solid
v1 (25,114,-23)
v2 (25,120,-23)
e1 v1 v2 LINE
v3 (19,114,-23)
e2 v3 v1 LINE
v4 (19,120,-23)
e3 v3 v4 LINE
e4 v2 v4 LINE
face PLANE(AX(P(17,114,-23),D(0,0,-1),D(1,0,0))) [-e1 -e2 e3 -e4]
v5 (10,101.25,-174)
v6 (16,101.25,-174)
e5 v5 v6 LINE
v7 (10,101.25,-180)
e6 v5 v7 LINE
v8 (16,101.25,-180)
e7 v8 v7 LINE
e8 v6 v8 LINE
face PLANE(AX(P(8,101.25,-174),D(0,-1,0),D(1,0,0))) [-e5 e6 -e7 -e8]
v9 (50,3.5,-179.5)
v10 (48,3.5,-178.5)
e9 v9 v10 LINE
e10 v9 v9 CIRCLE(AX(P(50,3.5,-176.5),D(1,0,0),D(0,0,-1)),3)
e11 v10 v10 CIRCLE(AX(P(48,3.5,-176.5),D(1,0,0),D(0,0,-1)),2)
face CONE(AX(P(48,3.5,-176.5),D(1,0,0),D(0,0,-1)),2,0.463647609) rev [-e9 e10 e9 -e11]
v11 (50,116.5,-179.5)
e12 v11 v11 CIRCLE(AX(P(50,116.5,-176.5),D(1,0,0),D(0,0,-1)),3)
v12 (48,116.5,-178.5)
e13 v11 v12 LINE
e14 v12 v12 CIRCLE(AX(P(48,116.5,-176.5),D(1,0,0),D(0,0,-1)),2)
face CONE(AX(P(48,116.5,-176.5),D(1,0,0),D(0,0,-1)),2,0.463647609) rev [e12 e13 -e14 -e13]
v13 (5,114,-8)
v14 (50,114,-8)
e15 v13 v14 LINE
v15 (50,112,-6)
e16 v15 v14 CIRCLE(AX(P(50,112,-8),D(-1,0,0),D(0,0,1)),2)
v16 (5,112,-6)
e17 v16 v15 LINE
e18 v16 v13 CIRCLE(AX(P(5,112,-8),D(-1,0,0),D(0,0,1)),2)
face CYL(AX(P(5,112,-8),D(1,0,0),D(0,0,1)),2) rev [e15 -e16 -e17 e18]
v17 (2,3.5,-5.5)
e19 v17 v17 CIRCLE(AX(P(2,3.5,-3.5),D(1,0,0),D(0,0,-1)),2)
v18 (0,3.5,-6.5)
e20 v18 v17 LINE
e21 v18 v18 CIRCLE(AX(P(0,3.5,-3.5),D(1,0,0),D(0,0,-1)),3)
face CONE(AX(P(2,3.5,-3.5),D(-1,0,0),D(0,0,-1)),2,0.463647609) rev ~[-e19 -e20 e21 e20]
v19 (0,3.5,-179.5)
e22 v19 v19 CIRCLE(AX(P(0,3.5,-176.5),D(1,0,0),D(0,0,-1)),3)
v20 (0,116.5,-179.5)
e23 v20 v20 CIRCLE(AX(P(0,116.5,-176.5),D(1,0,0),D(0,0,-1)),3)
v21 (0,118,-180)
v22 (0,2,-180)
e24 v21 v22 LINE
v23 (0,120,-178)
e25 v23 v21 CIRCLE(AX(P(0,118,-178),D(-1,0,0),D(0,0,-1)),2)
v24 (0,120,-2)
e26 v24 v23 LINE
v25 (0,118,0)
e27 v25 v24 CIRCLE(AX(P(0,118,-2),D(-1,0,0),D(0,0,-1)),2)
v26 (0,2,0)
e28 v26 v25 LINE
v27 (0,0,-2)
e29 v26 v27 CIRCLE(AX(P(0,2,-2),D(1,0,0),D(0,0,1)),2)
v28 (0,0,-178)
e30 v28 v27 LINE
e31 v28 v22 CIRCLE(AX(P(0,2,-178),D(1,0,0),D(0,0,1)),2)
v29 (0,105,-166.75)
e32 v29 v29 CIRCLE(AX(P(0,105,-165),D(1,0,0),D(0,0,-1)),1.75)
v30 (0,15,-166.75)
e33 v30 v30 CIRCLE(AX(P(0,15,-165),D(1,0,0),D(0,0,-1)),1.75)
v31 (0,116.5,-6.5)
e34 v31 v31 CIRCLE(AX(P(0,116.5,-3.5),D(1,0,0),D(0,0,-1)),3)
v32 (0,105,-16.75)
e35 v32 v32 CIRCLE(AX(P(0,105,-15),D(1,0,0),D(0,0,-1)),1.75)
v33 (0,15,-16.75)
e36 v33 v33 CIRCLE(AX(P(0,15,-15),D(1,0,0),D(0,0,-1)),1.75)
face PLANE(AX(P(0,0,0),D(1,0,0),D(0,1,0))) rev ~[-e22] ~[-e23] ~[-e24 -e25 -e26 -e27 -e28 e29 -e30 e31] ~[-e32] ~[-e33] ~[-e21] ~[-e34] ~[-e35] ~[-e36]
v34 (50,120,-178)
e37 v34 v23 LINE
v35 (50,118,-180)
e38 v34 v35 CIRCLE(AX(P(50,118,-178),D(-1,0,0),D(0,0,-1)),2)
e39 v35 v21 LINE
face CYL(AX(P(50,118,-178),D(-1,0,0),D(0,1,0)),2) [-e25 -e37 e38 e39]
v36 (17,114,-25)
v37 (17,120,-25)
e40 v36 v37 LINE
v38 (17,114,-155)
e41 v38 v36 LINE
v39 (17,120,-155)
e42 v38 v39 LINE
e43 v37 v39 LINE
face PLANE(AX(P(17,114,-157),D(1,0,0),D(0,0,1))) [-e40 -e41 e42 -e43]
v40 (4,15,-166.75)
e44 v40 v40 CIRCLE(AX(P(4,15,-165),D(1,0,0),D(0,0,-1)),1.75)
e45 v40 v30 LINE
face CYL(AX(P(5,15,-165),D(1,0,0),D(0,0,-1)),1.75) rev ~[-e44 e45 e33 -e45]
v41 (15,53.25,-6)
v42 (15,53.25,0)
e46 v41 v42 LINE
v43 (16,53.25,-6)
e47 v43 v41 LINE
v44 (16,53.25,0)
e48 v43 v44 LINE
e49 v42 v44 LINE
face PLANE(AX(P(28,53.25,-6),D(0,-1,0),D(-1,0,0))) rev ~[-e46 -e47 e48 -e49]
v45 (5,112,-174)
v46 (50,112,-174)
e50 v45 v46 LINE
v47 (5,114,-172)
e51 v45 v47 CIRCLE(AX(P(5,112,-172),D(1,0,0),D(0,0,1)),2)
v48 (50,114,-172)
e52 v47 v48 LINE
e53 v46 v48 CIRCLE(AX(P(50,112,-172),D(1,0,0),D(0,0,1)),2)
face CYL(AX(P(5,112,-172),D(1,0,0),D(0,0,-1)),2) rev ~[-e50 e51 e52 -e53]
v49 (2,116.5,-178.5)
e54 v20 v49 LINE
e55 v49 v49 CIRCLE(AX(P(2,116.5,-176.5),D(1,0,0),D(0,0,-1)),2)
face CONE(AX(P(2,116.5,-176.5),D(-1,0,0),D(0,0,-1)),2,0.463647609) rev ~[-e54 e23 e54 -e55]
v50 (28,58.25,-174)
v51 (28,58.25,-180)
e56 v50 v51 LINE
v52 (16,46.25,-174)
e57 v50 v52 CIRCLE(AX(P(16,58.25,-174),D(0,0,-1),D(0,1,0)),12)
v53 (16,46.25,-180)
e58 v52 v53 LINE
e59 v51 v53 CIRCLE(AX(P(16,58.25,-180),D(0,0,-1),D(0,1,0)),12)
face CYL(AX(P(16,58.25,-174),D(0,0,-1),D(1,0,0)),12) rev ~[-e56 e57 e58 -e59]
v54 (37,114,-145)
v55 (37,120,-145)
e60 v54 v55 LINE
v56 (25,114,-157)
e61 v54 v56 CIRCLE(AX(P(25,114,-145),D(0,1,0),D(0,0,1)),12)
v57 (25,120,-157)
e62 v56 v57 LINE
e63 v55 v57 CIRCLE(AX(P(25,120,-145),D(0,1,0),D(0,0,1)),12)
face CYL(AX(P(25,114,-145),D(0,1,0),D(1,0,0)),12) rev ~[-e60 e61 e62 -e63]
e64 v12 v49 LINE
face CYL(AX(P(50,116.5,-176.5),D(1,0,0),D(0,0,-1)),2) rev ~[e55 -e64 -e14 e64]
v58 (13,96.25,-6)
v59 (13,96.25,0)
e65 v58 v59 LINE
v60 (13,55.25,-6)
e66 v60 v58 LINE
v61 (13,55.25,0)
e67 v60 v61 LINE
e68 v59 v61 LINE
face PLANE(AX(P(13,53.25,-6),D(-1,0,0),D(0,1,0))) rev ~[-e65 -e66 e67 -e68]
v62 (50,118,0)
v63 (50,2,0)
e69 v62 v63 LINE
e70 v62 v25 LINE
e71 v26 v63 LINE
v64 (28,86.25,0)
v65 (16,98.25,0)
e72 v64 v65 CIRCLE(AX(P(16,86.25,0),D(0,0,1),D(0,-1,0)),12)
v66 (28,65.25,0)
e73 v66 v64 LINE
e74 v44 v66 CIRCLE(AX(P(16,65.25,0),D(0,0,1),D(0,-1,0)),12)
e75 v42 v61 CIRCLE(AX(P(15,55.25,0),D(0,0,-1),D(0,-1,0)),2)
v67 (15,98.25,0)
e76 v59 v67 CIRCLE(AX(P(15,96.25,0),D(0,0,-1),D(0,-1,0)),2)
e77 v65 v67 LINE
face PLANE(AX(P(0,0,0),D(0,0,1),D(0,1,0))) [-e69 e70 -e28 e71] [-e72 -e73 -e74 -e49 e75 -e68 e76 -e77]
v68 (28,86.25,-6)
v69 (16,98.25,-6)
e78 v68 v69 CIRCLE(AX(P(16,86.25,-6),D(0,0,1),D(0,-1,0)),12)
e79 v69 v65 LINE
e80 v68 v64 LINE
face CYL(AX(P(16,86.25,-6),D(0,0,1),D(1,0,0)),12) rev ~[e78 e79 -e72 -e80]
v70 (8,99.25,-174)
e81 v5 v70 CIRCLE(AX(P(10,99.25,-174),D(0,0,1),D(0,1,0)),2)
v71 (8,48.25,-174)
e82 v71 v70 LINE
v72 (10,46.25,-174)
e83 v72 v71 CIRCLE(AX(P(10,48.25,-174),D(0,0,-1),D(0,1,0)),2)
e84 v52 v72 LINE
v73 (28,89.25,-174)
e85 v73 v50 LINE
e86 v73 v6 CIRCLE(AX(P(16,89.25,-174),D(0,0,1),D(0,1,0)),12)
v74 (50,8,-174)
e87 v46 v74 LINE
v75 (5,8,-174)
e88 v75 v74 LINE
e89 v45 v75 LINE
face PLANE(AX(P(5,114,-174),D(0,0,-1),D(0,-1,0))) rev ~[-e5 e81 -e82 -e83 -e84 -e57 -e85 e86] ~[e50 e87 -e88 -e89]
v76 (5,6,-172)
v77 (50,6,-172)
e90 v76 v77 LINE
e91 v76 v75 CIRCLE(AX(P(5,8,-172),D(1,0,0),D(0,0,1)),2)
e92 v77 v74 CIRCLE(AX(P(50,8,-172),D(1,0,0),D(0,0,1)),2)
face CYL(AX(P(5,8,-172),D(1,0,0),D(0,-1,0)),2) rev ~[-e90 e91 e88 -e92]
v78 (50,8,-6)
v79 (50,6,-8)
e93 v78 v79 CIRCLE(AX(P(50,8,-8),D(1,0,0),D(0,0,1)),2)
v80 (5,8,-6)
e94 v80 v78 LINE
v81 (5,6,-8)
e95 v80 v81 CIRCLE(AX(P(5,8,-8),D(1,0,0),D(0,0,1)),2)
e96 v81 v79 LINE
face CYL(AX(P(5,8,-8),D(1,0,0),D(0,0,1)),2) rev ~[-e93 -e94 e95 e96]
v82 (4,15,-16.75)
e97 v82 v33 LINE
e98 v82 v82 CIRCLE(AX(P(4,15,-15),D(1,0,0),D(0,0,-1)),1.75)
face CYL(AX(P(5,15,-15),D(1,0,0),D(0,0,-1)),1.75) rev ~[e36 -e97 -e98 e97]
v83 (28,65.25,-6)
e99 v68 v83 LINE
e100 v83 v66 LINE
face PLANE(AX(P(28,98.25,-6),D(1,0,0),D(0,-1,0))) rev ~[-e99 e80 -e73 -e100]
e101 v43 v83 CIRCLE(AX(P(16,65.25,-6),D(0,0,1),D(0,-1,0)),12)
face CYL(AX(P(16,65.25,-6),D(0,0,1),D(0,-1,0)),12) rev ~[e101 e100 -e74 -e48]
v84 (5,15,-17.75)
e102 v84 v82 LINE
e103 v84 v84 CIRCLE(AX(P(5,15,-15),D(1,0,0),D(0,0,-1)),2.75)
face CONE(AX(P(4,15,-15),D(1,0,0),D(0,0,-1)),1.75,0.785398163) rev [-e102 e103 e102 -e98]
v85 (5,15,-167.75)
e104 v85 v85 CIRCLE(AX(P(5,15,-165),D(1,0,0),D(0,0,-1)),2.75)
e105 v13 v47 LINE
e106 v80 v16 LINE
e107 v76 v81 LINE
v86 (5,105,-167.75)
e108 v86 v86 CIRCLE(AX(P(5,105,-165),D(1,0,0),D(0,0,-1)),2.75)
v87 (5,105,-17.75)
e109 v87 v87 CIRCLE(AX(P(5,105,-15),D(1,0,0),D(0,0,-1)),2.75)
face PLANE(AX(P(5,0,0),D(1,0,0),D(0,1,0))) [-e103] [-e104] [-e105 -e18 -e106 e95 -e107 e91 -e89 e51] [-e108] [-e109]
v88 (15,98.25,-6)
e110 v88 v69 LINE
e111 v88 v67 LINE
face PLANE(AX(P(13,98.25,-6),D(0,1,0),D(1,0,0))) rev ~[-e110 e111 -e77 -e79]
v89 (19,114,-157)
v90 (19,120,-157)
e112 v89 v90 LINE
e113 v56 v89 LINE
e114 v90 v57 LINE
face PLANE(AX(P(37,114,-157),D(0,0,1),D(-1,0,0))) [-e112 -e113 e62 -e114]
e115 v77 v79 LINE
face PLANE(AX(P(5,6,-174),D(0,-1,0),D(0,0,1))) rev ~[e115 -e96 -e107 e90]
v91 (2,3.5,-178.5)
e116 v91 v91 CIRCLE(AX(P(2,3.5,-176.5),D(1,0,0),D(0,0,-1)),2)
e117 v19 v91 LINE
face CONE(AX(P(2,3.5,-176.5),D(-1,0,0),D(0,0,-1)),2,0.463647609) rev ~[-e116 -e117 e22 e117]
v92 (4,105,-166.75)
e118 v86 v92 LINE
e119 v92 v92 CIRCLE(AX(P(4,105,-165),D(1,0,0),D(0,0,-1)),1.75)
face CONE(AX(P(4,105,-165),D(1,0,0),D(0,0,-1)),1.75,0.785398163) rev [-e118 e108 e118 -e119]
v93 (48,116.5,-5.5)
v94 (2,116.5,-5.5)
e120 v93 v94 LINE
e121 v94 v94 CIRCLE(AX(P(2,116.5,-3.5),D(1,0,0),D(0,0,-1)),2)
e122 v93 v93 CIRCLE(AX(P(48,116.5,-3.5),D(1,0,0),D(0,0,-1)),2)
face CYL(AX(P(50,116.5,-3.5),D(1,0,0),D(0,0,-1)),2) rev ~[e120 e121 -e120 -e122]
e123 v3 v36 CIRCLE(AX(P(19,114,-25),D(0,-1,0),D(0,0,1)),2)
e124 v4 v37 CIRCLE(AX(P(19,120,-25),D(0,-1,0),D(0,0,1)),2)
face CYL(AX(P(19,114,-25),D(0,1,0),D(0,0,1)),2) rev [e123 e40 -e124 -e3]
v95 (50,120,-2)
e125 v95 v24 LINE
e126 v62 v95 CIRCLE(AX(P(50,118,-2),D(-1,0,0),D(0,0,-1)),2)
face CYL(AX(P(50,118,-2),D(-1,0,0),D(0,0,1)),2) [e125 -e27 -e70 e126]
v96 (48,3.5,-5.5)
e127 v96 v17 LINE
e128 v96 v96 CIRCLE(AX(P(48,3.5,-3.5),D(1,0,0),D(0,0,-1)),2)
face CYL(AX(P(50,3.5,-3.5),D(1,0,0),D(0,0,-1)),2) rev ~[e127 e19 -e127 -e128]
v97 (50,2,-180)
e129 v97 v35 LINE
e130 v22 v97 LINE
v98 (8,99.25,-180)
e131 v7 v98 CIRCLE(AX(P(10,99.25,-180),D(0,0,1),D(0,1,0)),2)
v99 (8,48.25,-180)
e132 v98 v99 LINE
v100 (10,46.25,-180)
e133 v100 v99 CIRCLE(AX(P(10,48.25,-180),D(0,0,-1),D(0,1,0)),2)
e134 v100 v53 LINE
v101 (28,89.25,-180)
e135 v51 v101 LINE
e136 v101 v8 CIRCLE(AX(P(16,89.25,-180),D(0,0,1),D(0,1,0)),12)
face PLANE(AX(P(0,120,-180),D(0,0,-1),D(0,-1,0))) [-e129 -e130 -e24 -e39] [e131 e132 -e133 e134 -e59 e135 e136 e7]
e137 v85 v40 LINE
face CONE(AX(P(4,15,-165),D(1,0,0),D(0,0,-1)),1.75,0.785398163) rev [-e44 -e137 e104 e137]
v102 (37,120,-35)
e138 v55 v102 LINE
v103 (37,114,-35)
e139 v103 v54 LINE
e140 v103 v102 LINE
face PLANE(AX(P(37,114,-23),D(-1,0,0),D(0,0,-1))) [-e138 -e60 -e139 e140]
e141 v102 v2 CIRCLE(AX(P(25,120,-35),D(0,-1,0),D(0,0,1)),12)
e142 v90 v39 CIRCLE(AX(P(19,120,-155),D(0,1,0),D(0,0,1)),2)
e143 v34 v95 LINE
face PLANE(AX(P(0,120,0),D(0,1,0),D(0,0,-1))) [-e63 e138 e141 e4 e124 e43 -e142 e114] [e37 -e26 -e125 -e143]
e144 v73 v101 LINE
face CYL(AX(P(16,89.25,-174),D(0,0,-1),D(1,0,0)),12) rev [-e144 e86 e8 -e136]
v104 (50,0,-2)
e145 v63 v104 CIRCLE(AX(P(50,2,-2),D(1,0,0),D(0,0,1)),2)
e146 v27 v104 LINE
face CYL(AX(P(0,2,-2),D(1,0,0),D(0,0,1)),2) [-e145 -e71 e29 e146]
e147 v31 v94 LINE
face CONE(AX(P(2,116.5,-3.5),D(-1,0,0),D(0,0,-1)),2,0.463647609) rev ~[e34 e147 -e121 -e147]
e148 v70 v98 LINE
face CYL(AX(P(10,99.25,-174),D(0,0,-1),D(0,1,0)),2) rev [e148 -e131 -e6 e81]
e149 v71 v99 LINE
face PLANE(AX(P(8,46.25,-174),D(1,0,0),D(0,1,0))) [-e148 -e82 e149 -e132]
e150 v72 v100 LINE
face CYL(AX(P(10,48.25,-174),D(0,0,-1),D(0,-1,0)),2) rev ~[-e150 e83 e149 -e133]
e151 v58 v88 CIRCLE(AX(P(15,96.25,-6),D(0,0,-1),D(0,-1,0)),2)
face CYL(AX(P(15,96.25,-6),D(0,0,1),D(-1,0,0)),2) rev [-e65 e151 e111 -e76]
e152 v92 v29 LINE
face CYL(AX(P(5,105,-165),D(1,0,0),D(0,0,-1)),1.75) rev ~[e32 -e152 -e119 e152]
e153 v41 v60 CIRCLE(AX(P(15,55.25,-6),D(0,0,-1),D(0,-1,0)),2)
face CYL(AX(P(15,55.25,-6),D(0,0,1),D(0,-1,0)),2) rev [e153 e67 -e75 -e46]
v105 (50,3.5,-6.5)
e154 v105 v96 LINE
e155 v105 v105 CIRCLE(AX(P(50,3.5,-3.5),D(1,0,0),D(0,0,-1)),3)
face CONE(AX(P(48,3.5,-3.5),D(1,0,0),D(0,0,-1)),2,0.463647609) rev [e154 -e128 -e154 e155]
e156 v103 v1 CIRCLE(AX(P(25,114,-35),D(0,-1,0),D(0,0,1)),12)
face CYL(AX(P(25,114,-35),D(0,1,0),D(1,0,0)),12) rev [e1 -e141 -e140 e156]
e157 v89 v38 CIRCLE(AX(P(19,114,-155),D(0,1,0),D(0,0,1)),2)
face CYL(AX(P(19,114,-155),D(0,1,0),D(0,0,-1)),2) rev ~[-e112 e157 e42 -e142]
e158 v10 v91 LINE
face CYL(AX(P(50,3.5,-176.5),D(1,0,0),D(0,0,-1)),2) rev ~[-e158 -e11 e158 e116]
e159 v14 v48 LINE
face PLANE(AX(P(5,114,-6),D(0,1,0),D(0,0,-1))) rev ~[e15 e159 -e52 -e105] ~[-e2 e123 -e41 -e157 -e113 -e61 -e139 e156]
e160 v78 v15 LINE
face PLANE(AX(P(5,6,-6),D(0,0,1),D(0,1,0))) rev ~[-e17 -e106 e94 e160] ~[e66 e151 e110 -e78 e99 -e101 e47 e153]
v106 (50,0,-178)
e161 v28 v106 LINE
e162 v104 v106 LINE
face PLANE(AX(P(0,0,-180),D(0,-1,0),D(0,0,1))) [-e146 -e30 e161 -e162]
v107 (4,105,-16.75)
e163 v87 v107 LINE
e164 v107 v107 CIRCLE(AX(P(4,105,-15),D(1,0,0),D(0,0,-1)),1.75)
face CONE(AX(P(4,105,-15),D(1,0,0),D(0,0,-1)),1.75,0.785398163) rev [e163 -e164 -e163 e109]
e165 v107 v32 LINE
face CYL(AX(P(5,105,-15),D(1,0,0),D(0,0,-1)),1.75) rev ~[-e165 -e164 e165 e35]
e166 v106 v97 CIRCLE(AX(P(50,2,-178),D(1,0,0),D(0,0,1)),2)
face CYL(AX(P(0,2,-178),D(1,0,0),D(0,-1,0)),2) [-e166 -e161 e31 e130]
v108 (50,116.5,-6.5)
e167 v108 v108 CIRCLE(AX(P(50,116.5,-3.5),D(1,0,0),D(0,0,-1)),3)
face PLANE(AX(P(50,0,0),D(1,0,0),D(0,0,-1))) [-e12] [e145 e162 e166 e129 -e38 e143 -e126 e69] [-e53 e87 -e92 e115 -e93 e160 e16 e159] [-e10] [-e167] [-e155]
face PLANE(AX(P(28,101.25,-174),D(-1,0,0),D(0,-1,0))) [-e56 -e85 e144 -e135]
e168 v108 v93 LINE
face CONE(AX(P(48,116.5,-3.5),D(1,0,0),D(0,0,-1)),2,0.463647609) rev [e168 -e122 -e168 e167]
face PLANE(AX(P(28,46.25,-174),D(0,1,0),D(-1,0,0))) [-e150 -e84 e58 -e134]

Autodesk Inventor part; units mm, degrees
ref_plane "YZ Plane" through (0, 0, 0) normal (1, 0, 0) x (0, 1, 0)
ref_plane "XZ Plane" through (0, 0, 0) normal (0, 1, 0) x (-1, 0, 0)
ref_plane "XY Plane" through (0, 0, 0) normal (0, 0, 1) x (1, 0, 0)
sketch "Sketch1" plane through (0, 0, 0) normal (1, 0, 0) x (0, 1, 0)
  line L0 (0, 0) -> (120, 0)
  line L1 (120, 0) -> (120, -180)
  line L2 (120, -180) -> (0, -180)
  line L3 (0, -180) -> (0, 0)
  dimension "d0" = 120
  dimension "d1" = 180
extrude "Extrusion1" add sketch "Sketch1" along normal blind 5
sketch "Sketch2" plane through (5, 0, 0) normal (1, 0, 0) x (0, 0, -1)
  line L0 (180, 0) -> (180, 120) projected
  line L1 (180, 120) -> (0, 120) projected
  line L2 (0, 120) -> (0, 0) projected
  line L3 (0, 0) -> (180, 0) projected
  line L4 (6, 114) -> (174, 114)
  line L5 (174, 114) -> (174, 6)
  line L6 (174, 6) -> (6, 6)
  line L7 (6, 6) -> (6, 114)
  dimension "d4" = 6
extrude "Extrusion2" add sketch "Sketch2" along normal blind 45
fillet "Fillet1" radius 2 8 edges at (27.5, 114, -174) (27.5, 114, -6) (27.5, 6, -6) (27.5, 6, -174) (25, 120, -180) (25, 120, 0) (25, 0, 0) (25, 0, -180)
sketch "Sketch3" plane through (5, 0, 0) normal (1, 0, 0) x (0, 0, -1)
  circle A0 centre (15, 105) radius 1.75
  arc A1 (172, 6) -> (174, 8) centre (172, 8) ccw projected
  line L0 (174, 8) -> (174, 112) projected
  arc A2 (174, 112) -> (172, 114) centre (172, 112) ccw projected
  line L1 (172, 114) -> (8, 114) projected
  arc A3 (8, 114) -> (6, 112) centre (8, 112) ccw projected
  line L2 (6, 112) -> (6, 8) projected
  arc A4 (6, 8) -> (8, 6) centre (8, 8) ccw projected
  line L3 (8, 6) -> (172, 6) projected
  circle A5 centre (165, 105) radius 1.75
  circle A6 centre (15, 15) radius 1.75
  circle A7 centre (165, 15) radius 1.75
  line L4 (15, 105) -> (15, 114) construction
  line L5 (15, 105) -> (6, 105) construction
  line L6 (165, 15) -> (165, 6) construction
  line L7 (165, 15) -> (174, 15) construction
  point P0 (0, 0)
  dimension "d8" = 3.5
  dimension "d12" = 150
  dimension "d15" = 90
extrude "Extrusion3" cut sketch "Sketch3" against normal blind 20 contours A0 | A5 | A6 | A7
sketch "Sketch4" plane through (50, 0, 0) normal (1, 0, 0) x (0, 0, -1)
  arc A0 (178, 0) -> (180, 2) centre (178, 2) ccw projected
  line L0 (180, 2) -> (180, 118) projected
  arc A1 (180, 118) -> (178, 120) centre (178, 118) ccw projected
  line L1 (178, 120) -> (2, 120) projected
  arc A2 (2, 120) -> (0, 118) centre (2, 118) ccw projected
  line L2 (0, 118) -> (0, 2) projected
  arc A3 (0, 2) -> (2, 0) centre (2, 2) ccw projected
  line L3 (2, 0) -> (178, 0) projected
  line L4 (8, 114) -> (172, 114) projected
  arc A4 (174, 112) -> (172, 114) centre (172, 112) ccw projected
  line L5 (174, 112) -> (174, 8) projected
  arc A5 (172, 6) -> (174, 8) centre (172, 8) ccw projected
  line L6 (172, 6) -> (8, 6) projected
  arc A6 (6, 8) -> (8, 6) centre (8, 8) ccw projected
  line L7 (6, 8) -> (6, 112) projected
  arc A7 (8, 114) -> (6, 112) centre (8, 112) ccw projected
  circle A8 centre (3.5, 116.5) radius 2
  line L8 (8, 114) -> (172, 114) projected
  line L9 (6, 8) -> (6, 112) projected
  circle A9 centre (176.5, 116.5) radius 2
  circle A10 centre (176.5, 3.5) radius 2
  circle A11 centre (3.5, 3.5) radius 2
  point P0 (0, 0)
  dimension "d22" = 4
  dimension "d23" = 2.5
  dimension "d24" = 2.5
  dimension "d25" = 4
  dimension "d26" = 4
  dimension "d27" = 4
  dimension "d28" = 2.5
  dimension "d29" = 2.5
  dimension "d30" = 2.5
  dimension "d31" = 2.5
  dimension "d32" = 2.5
  dimension "d33" = 2.5
extrude "Extrusion4" cut sketch "Sketch4" against normal through all contours A8 | A9 | A10 | A11
chamfer "Chamfer1" distance 1 distance2 2 4 edges at (0, 116.5, -174.5) (0, 116.5, -1.5) (0, 3.5, -1.5) (0, 3.5, -174.5) measured on face at (0, 45.2711, -65.5165)
chamfer "Chamfer2" distance 1 distance2 2 4 edges at (50, 3.5, -174.5) (50, 3.5, -1.5) (50, 116.5, -1.5) (50, 116.5, -174.5) measured on face at (50, 3.4492, -117.3333)
chamfer "Chamfer3" distance 1 distance2 1 4 edges at (5, 105, -13.25) (5, 105, -163.25) (5, 15, -13.25) (5, 15, -163.25) measured on face at (5, 45.2711, -65.5165)
sketch "Sketch5" plane through (5, 114, -172) normal (0, -1, 0) x (1, 0, 0)
  line L0 (45, 170) -> (-5, 170) projected
  line L1 (45, -6) -> (45, 170) projected
  line L2 (-5, -6) -> (45, -6) projected
  line L3 (-5, -6) -> (-5, 170) projected
  line L4 (0, 164) -> (45, 164) projected
  line L5 (0, 0) -> (0, 164) projected
  line L6 (45, 0) -> (0, 0) projected
  line L7 (45, 164) -> (45, 0) projected
  line L8 (12, 149) -> (32, 149)
  line L9 (32, 149) -> (32, 15)
  line L10 (32, 15) -> (12, 15)
  line L11 (12, 15) -> (12, 149)
  point P0 (-5, 172)
  point P1 (22.5, 164)
  dimension "d45" = 15
  dimension "d46" = 15
  dimension "d47" = 12
  dimension "d48" = 20
extrude "Extrusion5" cut sketch "Sketch5" against normal blind 45 contours L8 L9 L10 L11
sketch "Sketch6" plane through (5, 8, -174) normal (0, 0, 1) x (1, 0, 0)
  line L0 (-5, 95.25) -> (-5, 98.75) projected
  line L1 (-1, 98.75) -> (-1, 95.25) projected
  line L2 (45, 0) -> (0, 0) projected
  line L3 (45, 104) -> (45, 0) projected
  line L4 (0, 104) -> (45, 104) projected
  line L5 (0, 0) -> (0, 104) projected
  line L6 (3, 93.25) -> (23, 93.25)
  line L7 (23, 93.25) -> (23, 38.25)
  line L8 (23, 38.25) -> (3, 38.25)
  line L9 (3, 38.25) -> (3, 93.25)
  point P0 (-5, -8)
  dimension "d51" = 3
  dimension "d52" = 55
  dimension "d53" = 2
  dimension "d54" = 20
extrude "Extrusion6" cut sketch "Sketch6" against normal through all contours L6 L7 L8 L9
sketch "Sketch7" plane through (5, 8, -6) normal (0, 0, -1) x (-1, 0, 0)
  line L0 (0, 0) -> (-45, 0) projected
  line L1 (0, 104) -> (0, 0) projected
  line L2 (-45, 104) -> (0, 104) projected
  line L3 (-45, 0) -> (-45, 104) projected
  line L4 (5, 98.75) -> (5, 95.25) projected
  line L5 (1, 95.25) -> (1, 98.75) projected
  line L6 (-8, 90.25) -> (-23, 90.25)
  line L7 (-23, 90.25) -> (-23, 45.25)
  line L8 (-23, 45.25) -> (-8, 45.25)
  line L9 (-8, 45.25) -> (-8, 90.25)
  point P0 (5, -8)
  dimension "d57" = 45
  dimension "d58" = 5
  dimension "d59" = 8
  dimension "d60" = 15
extrude "Extrusion7" cut sketch "Sketch7" against normal blind 10 contours L9 L8 L7 L6
fillet "Fillet2" radius 12 6 edges at (37, 117, -23) (37, 117, -157) (28, 98.25, -3) (28, 53.25, -3) (28, 101.25, -177) (28, 46.25, -177)
fillet "Fillet3" radius 2 6 edges at (13, 98.25, -3) (17, 117, -157) (8, 101.25, -177) (8, 46.25, -177) (13, 53.25, -3) (17, 117, -23)
equation "\"d28\" = d23"
equation "\"d29\" = d28"
equation "\"d30\" = d29"
equation "\"d31\" = d29"
equation "\"d32\" = d23"
equation "\"d33\" = d23"
properties part number "OCTOPUS_BOX"
